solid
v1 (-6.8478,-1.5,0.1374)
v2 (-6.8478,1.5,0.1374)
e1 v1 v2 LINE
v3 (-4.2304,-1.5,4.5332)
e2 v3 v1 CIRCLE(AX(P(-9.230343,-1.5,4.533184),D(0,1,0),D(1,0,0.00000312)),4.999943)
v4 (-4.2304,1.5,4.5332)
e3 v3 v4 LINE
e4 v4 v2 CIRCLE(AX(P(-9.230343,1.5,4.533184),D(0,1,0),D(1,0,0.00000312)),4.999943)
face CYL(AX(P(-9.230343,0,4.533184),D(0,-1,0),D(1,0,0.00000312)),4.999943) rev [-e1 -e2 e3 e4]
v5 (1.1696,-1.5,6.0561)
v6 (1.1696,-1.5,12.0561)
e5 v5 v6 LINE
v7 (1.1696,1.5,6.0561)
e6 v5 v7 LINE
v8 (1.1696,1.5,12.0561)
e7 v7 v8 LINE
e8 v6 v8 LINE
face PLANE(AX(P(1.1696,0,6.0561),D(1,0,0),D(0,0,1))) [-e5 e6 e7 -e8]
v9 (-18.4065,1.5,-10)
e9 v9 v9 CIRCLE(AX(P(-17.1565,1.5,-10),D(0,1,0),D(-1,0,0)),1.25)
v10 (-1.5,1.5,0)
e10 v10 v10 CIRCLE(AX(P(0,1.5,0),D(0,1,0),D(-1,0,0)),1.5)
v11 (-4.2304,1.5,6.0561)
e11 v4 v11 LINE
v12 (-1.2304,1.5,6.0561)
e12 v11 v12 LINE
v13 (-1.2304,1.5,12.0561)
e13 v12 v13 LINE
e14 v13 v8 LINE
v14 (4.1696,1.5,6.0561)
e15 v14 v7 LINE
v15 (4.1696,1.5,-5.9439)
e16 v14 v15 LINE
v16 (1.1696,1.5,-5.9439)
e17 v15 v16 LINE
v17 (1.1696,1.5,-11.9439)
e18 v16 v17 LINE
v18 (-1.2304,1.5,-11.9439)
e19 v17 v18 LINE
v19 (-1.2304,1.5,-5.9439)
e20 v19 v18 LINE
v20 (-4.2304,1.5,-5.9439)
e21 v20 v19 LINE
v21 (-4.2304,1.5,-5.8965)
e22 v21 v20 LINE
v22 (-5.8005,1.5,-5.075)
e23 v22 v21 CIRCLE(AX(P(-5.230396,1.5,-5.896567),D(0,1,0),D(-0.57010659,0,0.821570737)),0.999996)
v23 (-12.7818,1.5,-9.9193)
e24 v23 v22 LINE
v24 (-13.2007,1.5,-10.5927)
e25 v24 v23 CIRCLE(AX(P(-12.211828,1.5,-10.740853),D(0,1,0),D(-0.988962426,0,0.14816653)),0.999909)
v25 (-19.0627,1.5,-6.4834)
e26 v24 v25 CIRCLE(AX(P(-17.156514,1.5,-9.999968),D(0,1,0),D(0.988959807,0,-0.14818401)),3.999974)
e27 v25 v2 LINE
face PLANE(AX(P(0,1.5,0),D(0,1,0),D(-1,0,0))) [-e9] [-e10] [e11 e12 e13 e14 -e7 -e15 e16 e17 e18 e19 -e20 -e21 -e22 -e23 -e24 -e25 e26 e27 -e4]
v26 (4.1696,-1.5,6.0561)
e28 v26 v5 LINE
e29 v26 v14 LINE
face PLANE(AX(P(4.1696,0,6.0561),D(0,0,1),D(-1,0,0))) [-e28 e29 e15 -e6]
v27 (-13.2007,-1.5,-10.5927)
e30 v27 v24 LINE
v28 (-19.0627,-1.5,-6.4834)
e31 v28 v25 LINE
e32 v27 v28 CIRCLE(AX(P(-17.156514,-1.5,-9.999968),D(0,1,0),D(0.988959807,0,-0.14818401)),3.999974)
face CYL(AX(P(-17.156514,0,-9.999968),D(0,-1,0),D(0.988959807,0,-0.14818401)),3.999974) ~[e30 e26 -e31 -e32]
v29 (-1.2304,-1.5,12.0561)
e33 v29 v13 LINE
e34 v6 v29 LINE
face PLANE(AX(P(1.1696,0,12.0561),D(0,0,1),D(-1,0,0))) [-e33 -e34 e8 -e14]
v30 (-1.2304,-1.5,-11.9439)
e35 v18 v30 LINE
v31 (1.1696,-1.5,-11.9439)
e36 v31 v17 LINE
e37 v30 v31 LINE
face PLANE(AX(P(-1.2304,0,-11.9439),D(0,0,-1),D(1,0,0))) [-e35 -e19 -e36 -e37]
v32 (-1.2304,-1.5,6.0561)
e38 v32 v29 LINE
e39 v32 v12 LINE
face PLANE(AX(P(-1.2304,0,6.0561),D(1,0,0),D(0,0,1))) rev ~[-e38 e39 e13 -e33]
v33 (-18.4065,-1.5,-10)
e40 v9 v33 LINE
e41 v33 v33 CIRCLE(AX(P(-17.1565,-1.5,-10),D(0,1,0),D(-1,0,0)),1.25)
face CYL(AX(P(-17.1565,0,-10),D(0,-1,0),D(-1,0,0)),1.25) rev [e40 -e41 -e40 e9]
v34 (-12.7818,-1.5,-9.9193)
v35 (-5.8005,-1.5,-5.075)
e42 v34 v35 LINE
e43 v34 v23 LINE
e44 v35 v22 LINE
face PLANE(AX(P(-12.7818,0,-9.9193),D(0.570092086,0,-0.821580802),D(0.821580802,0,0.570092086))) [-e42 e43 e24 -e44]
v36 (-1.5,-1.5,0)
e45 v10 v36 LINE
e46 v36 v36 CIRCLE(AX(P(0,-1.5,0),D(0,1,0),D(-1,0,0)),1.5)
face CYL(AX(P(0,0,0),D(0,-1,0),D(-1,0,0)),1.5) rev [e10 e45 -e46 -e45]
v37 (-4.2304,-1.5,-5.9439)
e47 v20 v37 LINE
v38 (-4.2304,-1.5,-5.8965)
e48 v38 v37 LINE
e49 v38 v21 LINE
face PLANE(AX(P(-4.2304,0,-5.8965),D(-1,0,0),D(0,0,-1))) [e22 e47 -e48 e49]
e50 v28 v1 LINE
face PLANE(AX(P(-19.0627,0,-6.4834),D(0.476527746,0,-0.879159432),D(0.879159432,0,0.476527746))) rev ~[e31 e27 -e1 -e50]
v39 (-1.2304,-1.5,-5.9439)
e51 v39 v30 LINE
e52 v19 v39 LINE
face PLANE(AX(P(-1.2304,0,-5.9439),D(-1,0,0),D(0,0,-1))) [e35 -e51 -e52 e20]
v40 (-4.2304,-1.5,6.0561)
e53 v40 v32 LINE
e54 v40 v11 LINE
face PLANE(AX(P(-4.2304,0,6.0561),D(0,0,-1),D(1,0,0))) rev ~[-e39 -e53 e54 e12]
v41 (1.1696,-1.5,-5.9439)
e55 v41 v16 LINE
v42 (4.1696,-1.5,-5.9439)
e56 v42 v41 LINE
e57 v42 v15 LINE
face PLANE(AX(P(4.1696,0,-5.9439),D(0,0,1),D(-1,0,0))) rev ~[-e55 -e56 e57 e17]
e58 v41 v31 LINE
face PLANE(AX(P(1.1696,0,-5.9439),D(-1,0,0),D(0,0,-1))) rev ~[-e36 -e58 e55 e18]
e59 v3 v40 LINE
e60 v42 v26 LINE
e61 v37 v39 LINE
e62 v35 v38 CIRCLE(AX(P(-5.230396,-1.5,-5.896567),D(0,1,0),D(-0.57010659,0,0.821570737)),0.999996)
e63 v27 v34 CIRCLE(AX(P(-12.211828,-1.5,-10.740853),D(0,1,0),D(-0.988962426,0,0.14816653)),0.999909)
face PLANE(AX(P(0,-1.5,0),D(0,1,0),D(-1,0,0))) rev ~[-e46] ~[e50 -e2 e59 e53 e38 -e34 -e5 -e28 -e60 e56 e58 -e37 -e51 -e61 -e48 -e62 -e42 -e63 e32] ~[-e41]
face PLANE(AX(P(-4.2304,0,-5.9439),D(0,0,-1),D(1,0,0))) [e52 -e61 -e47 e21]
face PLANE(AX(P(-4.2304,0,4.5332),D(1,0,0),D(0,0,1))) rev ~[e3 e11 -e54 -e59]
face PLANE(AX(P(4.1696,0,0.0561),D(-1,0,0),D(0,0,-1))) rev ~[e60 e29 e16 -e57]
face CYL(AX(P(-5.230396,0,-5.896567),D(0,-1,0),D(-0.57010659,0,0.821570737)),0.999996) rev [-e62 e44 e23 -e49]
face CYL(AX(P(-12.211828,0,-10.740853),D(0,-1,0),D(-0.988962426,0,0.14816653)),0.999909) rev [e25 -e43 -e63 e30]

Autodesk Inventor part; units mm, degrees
ref_plane "YZ Plane" through (0, 0, 0) normal (1, 0, 0) x (0, 1, 0)
ref_plane "XZ Plane" through (0, 0, 0) normal (0, 1, 0) x (-1, 0, 0)
ref_plane "XY Plane" through (0, 0, 0) normal (0, 0, 1) x (1, 0, 0)
sketch "草圖1" plane through (0, 0, 0) normal (0, 1, 0) x (-1, 0, 0)
  line L0 (4.2304, -5.8965) -> (4.2304, -5.9439)
  line L1 (4.2304, -5.9439) -> (0.0304, -5.9439)
  line L2 (0.0304, -5.9439) -> (1.2304, -5.9439)
  line L3 (1.2304, -5.9439) -> (1.2304, -11.9439)
  line L4 (1.2304, -11.9439) -> (0.0304, -11.9439)
  line L5 (-4.1696, 0.0561) -> (-4.1696, -5.9439)
  line L6 (-4.1696, -5.9439) -> (0.0304, -5.9439)
  line L7 (0.0304, -5.9439) -> (-1.1696, -5.9439)
  line L8 (-1.1696, -5.9439) -> (-1.1696, -11.9439)
  line L9 (-1.1696, -11.9439) -> (0.0304, -11.9439)
  line L10 (4.2304, 4.5332) -> (4.2304, 6.0561)
  line L11 (4.2304, 6.0561) -> (0.0304, 6.0561)
  line L12 (0.0304, 6.0561) -> (1.2304, 6.0561)
  line L13 (1.2304, 6.0561) -> (1.2304, 12.0561)
  line L14 (1.2304, 12.0561) -> (0.0304, 12.0561)
  line L15 (-4.1696, 0.0561) -> (-4.1696, 6.0561)
  line L16 (-4.1696, 6.0561) -> (0.0304, 6.0561)
  line L17 (0.0304, 6.0561) -> (-1.1696, 6.0561)
  line L18 (-1.1696, 6.0561) -> (-1.1696, 12.0561)
  line L19 (-1.1696, 12.0561) -> (0.0304, 12.0561)
  circle A0 centre (0, 0) radius 1.5
  circle A1 centre (17.1565, -10) radius 1.25
  arc A2 (13.2007, -10.5927) -> (19.0627, -6.4834) centre (17.1565, -10) ccw
  line L20 (19.0627, -6.4834) -> (6.8478, 0.1374)
  line L21 (12.7818, -9.9193) -> (5.8005, -5.075)
  arc A3 (4.2304, 4.5332) -> (6.8478, 0.1374) centre (9.2304, 4.5332) ccw
  arc A4 (5.8005, -5.075) -> (4.2304, -5.8965) centre (5.2304, -5.8965) ccw
  arc A5 (13.2007, -10.5927) -> (12.7818, -9.9193) centre (12.2117, -10.7409) ccw
  point P0 (4.2304, 0.0561)
  point P1 (13.1607, -10.1822)
  dimension "d0" = 6
  dimension "d1" = 1.2
  dimension "d2" = 3
  dimension "d3" = 6
  dimension "d4" = 3
  dimension "d9" = 2.5
  dimension "d10" = 8
  dimension "d11" = 5
  dimension "d12" = 1
  dimension "d13" = 1
extrude "擠出1" add sketch "草圖1" along normal mid plane 3
properties part number "小零件3"
